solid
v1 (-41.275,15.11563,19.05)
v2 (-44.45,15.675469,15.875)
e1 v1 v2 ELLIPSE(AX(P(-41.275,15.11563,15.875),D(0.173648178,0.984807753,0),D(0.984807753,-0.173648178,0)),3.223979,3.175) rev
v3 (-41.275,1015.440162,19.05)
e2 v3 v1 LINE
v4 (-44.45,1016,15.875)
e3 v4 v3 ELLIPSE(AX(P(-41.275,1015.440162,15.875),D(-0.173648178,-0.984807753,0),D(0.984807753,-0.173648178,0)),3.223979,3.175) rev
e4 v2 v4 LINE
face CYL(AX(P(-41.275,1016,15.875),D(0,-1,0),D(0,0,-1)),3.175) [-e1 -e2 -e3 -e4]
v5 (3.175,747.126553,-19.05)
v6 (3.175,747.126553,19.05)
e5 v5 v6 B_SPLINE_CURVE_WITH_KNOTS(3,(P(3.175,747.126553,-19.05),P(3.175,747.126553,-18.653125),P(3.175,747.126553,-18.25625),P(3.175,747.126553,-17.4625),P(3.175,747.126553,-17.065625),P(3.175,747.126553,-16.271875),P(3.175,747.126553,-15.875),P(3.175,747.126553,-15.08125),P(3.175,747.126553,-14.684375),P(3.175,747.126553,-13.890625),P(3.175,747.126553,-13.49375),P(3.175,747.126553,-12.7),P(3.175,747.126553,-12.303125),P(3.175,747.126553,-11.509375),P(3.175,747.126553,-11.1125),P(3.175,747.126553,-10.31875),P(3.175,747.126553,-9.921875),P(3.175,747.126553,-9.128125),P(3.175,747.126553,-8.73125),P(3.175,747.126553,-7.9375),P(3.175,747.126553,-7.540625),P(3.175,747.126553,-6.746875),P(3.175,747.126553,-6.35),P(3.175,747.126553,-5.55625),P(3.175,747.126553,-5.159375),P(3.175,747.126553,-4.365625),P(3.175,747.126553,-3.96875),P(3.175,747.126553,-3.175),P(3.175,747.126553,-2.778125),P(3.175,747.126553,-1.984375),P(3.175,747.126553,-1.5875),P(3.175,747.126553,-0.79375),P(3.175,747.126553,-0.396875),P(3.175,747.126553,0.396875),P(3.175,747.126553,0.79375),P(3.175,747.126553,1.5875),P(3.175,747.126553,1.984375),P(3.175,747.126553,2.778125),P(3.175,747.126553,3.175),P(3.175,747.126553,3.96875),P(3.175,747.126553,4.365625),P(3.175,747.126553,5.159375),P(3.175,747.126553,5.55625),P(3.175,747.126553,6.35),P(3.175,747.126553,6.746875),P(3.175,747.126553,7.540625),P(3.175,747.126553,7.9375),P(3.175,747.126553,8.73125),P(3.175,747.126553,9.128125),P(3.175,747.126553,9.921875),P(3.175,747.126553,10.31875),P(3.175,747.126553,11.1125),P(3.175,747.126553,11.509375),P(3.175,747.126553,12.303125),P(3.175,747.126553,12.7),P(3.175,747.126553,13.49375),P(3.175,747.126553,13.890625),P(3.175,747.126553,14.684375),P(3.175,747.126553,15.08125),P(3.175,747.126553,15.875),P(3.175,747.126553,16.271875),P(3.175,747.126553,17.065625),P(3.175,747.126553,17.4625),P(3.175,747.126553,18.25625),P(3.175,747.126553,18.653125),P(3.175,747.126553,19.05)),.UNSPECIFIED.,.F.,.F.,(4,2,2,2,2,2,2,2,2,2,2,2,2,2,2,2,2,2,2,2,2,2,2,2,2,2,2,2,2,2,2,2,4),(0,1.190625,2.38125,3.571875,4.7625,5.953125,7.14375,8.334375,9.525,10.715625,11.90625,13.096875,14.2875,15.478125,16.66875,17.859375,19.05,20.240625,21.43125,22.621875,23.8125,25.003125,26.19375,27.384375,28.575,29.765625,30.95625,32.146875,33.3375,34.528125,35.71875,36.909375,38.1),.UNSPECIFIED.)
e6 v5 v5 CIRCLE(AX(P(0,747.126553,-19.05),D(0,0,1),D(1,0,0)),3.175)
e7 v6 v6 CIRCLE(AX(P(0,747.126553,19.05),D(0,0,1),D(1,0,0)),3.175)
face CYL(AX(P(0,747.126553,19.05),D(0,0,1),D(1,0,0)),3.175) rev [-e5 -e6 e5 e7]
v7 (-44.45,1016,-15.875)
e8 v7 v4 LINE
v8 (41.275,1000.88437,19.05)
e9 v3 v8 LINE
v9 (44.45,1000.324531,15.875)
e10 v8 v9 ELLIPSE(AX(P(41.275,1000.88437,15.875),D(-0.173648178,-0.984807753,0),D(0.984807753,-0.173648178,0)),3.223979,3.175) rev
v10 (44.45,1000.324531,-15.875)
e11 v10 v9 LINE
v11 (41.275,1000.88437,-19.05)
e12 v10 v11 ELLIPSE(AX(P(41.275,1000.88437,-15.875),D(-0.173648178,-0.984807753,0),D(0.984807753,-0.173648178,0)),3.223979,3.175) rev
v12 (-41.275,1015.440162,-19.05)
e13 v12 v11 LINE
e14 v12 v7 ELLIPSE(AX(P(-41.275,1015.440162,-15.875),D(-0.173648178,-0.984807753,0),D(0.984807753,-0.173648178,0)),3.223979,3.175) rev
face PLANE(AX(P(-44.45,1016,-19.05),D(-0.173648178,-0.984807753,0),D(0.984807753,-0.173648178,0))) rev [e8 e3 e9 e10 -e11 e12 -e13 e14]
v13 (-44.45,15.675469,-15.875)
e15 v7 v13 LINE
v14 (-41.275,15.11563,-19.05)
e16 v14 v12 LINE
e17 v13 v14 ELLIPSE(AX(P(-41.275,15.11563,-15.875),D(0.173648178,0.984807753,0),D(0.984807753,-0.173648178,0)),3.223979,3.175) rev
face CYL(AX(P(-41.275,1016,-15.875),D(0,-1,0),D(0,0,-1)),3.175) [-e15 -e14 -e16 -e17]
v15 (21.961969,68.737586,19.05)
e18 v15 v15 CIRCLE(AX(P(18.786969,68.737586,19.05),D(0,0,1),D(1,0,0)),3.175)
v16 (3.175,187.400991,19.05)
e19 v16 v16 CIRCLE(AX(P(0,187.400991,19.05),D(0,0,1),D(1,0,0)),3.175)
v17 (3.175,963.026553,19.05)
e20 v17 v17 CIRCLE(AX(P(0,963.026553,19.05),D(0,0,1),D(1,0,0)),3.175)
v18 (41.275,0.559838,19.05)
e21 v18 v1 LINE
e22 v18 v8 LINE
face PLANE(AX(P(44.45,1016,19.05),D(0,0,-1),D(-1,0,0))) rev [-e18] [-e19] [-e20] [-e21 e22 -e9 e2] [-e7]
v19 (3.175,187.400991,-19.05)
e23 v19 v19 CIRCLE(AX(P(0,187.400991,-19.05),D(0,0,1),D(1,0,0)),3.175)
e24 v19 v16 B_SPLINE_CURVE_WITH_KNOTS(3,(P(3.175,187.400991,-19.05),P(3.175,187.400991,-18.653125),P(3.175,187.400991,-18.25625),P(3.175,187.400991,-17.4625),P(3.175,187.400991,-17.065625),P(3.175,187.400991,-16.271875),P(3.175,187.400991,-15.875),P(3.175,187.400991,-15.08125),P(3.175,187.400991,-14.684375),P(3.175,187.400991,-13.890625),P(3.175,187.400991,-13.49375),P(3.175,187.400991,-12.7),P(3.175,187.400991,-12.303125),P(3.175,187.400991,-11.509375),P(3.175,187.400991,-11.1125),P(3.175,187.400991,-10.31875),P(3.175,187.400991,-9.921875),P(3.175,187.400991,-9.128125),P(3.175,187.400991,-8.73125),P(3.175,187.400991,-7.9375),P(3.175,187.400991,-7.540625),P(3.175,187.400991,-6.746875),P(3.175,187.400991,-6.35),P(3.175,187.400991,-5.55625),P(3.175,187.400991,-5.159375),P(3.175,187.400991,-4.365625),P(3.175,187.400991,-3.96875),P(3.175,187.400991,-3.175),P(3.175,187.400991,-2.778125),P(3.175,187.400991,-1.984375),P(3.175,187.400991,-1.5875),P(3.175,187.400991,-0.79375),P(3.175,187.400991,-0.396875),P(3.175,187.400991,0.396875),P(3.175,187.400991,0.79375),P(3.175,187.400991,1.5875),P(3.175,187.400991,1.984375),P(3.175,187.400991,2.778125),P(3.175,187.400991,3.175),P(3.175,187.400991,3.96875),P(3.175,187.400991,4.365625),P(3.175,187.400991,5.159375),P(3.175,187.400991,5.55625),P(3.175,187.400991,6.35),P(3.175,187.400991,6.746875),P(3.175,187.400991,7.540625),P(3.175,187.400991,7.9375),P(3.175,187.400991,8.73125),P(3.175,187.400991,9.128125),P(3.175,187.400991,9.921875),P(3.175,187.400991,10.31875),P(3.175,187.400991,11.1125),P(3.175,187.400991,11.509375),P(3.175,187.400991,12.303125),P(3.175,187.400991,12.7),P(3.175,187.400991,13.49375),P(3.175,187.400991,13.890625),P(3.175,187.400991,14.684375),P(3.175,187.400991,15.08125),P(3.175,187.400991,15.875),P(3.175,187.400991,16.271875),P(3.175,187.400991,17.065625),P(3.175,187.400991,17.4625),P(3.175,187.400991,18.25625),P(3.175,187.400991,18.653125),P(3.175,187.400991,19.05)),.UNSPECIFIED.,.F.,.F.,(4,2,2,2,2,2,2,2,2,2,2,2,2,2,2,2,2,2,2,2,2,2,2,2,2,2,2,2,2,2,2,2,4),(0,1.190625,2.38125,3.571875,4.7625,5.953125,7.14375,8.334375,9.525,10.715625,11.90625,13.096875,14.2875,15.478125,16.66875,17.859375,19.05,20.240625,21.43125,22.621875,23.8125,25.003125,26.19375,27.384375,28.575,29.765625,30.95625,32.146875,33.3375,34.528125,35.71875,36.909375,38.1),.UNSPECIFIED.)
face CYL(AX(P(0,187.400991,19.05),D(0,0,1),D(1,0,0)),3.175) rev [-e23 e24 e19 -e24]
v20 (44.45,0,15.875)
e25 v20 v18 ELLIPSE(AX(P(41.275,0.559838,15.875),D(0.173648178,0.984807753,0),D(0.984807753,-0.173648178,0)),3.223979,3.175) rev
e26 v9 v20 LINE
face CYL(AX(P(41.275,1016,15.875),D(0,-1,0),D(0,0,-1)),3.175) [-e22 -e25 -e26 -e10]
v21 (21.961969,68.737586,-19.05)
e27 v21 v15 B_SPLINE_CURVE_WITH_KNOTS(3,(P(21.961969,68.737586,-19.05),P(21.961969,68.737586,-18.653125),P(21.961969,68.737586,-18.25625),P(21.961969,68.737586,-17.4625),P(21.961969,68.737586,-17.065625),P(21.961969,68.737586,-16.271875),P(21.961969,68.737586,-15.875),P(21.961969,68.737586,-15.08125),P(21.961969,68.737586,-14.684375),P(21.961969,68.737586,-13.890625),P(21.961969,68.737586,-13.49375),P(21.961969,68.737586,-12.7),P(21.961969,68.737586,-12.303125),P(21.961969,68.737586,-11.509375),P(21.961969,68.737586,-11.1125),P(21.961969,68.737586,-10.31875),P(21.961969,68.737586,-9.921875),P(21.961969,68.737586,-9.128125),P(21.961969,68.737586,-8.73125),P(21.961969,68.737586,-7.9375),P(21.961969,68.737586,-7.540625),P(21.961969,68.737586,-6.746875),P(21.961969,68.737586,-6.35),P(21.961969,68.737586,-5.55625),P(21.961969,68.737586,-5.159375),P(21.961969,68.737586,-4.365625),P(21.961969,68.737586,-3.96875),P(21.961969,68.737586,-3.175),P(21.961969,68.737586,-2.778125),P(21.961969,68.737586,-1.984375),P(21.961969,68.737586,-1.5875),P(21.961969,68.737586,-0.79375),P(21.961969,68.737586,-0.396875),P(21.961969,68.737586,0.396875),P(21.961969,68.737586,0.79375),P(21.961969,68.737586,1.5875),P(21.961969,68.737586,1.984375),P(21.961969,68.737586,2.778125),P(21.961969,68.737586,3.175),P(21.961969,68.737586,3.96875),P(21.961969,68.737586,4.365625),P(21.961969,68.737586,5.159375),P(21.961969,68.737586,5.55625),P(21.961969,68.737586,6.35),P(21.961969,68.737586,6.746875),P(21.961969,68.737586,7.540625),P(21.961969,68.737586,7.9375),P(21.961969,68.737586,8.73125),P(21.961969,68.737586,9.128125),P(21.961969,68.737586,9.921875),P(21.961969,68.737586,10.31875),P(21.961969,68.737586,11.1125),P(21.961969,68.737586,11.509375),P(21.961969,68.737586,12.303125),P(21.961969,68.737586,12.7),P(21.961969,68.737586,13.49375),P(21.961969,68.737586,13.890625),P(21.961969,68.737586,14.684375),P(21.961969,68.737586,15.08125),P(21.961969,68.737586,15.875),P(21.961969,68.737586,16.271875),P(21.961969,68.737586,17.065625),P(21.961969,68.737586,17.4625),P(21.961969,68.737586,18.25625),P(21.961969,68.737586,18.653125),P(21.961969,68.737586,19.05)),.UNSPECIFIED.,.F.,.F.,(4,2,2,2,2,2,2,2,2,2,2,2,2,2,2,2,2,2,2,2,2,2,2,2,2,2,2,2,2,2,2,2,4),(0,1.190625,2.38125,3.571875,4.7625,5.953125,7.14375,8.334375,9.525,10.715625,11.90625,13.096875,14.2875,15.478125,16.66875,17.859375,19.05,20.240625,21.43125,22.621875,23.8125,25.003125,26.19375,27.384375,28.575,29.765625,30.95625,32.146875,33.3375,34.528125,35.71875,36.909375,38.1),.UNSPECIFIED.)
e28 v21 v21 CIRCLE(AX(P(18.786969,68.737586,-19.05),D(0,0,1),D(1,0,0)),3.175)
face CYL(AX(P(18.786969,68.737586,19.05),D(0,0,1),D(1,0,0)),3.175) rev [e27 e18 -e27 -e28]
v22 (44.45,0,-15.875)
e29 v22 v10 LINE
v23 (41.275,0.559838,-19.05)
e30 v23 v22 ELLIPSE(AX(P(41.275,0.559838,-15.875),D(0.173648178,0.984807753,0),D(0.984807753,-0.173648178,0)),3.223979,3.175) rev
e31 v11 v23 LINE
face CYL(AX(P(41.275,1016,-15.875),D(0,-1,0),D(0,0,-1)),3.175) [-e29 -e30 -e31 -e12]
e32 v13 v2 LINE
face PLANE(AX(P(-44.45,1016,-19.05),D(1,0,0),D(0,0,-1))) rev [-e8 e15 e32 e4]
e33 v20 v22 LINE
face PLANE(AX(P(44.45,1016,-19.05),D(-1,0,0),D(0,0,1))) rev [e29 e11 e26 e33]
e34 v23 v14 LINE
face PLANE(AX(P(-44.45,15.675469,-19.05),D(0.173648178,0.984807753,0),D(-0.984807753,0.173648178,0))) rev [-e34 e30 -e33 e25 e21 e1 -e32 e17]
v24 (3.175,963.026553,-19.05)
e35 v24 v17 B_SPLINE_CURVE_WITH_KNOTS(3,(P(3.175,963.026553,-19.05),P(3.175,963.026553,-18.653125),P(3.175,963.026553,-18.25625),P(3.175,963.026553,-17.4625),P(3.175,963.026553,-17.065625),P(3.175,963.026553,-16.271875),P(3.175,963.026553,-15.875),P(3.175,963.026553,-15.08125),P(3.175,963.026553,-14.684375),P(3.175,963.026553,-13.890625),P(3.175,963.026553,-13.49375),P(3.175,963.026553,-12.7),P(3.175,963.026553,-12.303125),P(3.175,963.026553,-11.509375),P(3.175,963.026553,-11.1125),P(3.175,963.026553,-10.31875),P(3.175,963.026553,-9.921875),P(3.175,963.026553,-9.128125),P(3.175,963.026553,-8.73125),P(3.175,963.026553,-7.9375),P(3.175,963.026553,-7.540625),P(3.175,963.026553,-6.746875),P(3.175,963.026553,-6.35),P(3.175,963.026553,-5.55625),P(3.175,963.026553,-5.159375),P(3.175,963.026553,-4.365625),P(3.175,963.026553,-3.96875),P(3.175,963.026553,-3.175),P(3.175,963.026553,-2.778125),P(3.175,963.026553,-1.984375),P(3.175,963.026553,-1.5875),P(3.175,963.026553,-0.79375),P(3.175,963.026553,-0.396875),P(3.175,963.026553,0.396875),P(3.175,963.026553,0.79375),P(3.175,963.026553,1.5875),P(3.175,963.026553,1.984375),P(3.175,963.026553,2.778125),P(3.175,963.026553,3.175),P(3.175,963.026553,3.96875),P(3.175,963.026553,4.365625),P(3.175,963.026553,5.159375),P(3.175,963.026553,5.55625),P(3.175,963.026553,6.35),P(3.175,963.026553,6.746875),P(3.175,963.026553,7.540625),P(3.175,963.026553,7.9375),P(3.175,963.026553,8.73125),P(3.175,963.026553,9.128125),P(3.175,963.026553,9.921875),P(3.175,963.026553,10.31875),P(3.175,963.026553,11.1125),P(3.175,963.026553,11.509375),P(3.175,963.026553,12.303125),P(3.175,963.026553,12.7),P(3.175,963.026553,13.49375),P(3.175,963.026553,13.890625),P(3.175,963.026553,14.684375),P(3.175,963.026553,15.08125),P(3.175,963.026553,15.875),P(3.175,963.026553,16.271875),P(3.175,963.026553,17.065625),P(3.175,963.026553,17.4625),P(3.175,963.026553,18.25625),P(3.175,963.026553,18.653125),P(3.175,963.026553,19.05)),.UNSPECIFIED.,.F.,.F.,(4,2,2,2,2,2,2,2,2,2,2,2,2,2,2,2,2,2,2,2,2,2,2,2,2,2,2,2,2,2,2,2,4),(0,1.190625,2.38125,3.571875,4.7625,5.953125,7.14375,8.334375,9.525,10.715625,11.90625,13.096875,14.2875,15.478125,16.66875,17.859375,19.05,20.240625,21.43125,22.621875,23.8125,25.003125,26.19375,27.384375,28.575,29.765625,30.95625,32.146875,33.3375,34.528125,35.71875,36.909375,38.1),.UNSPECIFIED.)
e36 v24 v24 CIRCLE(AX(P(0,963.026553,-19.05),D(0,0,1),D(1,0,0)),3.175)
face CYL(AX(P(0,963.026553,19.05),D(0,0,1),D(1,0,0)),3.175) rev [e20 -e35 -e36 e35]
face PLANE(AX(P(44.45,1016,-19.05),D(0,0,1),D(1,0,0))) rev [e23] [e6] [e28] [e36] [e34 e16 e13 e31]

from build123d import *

# Parameters (mm, degrees)
SKETCH1_W                   = 88.9
SKETCH1_H                   = 38.1
BOSS_EXTRUDE1_DEPTH         = 1016
CUT_EXTRUDE1_DEPTH          = 1018.685320961
F_1_4_0_25_DIAMETER_HOLE1_D = 6.35
FILLET1_R                   = 3.175


with BuildPart() as part:
    # Sketch1 → Boss-Extrude1 (new body)
    with BuildSketch(Plane(origin=(0, 0, 0), x_dir=(1, 0, 0), z_dir=(0, 1, 0))):
        Rectangle(SKETCH1_W, SKETCH1_H)
    extrude(amount=BOSS_EXTRUDE1_DEPTH)

    # Sketch2 → Cut-Extrude1 (cut, through all)
    with BuildSketch(Plane.XY.offset(19.05)):
        Polygon((44.45, 0), (-44.45, 0), (-44.45, 15.675468585), align=None)
        Polygon((-44.45, 1016), (44.45, 1000.324531415), (44.45, 1016), align=None)
    extrude(amount=-CUT_EXTRUDE1_DEPTH, mode=Mode.SUBTRACT)

    # 1/4 (0.25) Diameter Hole1 (through all)
    with Locations(Plane.XY.offset(19.05)):
        with Locations((18.786968779, 68.737585765), (0, 187.400991466), (0, 747.126552809), (0, 963.026552809)):
            Hole(F_1_4_0_25_DIAMETER_HOLE1_D / 2)

    # Fillet1
    fillet1_edges = [part.edges().sort_by_distance(p)[0] for p in [
        (44.45, 500.162265708, -19.05),
        (44.45, 500.162265708, 19.05),
        (-44.45, 515.837734292, -19.05),
        (-44.45, 515.837734292, 19.05),
    ]]
    fillet(fillet1_edges, radius=FILLET1_R)


solid = part.part
